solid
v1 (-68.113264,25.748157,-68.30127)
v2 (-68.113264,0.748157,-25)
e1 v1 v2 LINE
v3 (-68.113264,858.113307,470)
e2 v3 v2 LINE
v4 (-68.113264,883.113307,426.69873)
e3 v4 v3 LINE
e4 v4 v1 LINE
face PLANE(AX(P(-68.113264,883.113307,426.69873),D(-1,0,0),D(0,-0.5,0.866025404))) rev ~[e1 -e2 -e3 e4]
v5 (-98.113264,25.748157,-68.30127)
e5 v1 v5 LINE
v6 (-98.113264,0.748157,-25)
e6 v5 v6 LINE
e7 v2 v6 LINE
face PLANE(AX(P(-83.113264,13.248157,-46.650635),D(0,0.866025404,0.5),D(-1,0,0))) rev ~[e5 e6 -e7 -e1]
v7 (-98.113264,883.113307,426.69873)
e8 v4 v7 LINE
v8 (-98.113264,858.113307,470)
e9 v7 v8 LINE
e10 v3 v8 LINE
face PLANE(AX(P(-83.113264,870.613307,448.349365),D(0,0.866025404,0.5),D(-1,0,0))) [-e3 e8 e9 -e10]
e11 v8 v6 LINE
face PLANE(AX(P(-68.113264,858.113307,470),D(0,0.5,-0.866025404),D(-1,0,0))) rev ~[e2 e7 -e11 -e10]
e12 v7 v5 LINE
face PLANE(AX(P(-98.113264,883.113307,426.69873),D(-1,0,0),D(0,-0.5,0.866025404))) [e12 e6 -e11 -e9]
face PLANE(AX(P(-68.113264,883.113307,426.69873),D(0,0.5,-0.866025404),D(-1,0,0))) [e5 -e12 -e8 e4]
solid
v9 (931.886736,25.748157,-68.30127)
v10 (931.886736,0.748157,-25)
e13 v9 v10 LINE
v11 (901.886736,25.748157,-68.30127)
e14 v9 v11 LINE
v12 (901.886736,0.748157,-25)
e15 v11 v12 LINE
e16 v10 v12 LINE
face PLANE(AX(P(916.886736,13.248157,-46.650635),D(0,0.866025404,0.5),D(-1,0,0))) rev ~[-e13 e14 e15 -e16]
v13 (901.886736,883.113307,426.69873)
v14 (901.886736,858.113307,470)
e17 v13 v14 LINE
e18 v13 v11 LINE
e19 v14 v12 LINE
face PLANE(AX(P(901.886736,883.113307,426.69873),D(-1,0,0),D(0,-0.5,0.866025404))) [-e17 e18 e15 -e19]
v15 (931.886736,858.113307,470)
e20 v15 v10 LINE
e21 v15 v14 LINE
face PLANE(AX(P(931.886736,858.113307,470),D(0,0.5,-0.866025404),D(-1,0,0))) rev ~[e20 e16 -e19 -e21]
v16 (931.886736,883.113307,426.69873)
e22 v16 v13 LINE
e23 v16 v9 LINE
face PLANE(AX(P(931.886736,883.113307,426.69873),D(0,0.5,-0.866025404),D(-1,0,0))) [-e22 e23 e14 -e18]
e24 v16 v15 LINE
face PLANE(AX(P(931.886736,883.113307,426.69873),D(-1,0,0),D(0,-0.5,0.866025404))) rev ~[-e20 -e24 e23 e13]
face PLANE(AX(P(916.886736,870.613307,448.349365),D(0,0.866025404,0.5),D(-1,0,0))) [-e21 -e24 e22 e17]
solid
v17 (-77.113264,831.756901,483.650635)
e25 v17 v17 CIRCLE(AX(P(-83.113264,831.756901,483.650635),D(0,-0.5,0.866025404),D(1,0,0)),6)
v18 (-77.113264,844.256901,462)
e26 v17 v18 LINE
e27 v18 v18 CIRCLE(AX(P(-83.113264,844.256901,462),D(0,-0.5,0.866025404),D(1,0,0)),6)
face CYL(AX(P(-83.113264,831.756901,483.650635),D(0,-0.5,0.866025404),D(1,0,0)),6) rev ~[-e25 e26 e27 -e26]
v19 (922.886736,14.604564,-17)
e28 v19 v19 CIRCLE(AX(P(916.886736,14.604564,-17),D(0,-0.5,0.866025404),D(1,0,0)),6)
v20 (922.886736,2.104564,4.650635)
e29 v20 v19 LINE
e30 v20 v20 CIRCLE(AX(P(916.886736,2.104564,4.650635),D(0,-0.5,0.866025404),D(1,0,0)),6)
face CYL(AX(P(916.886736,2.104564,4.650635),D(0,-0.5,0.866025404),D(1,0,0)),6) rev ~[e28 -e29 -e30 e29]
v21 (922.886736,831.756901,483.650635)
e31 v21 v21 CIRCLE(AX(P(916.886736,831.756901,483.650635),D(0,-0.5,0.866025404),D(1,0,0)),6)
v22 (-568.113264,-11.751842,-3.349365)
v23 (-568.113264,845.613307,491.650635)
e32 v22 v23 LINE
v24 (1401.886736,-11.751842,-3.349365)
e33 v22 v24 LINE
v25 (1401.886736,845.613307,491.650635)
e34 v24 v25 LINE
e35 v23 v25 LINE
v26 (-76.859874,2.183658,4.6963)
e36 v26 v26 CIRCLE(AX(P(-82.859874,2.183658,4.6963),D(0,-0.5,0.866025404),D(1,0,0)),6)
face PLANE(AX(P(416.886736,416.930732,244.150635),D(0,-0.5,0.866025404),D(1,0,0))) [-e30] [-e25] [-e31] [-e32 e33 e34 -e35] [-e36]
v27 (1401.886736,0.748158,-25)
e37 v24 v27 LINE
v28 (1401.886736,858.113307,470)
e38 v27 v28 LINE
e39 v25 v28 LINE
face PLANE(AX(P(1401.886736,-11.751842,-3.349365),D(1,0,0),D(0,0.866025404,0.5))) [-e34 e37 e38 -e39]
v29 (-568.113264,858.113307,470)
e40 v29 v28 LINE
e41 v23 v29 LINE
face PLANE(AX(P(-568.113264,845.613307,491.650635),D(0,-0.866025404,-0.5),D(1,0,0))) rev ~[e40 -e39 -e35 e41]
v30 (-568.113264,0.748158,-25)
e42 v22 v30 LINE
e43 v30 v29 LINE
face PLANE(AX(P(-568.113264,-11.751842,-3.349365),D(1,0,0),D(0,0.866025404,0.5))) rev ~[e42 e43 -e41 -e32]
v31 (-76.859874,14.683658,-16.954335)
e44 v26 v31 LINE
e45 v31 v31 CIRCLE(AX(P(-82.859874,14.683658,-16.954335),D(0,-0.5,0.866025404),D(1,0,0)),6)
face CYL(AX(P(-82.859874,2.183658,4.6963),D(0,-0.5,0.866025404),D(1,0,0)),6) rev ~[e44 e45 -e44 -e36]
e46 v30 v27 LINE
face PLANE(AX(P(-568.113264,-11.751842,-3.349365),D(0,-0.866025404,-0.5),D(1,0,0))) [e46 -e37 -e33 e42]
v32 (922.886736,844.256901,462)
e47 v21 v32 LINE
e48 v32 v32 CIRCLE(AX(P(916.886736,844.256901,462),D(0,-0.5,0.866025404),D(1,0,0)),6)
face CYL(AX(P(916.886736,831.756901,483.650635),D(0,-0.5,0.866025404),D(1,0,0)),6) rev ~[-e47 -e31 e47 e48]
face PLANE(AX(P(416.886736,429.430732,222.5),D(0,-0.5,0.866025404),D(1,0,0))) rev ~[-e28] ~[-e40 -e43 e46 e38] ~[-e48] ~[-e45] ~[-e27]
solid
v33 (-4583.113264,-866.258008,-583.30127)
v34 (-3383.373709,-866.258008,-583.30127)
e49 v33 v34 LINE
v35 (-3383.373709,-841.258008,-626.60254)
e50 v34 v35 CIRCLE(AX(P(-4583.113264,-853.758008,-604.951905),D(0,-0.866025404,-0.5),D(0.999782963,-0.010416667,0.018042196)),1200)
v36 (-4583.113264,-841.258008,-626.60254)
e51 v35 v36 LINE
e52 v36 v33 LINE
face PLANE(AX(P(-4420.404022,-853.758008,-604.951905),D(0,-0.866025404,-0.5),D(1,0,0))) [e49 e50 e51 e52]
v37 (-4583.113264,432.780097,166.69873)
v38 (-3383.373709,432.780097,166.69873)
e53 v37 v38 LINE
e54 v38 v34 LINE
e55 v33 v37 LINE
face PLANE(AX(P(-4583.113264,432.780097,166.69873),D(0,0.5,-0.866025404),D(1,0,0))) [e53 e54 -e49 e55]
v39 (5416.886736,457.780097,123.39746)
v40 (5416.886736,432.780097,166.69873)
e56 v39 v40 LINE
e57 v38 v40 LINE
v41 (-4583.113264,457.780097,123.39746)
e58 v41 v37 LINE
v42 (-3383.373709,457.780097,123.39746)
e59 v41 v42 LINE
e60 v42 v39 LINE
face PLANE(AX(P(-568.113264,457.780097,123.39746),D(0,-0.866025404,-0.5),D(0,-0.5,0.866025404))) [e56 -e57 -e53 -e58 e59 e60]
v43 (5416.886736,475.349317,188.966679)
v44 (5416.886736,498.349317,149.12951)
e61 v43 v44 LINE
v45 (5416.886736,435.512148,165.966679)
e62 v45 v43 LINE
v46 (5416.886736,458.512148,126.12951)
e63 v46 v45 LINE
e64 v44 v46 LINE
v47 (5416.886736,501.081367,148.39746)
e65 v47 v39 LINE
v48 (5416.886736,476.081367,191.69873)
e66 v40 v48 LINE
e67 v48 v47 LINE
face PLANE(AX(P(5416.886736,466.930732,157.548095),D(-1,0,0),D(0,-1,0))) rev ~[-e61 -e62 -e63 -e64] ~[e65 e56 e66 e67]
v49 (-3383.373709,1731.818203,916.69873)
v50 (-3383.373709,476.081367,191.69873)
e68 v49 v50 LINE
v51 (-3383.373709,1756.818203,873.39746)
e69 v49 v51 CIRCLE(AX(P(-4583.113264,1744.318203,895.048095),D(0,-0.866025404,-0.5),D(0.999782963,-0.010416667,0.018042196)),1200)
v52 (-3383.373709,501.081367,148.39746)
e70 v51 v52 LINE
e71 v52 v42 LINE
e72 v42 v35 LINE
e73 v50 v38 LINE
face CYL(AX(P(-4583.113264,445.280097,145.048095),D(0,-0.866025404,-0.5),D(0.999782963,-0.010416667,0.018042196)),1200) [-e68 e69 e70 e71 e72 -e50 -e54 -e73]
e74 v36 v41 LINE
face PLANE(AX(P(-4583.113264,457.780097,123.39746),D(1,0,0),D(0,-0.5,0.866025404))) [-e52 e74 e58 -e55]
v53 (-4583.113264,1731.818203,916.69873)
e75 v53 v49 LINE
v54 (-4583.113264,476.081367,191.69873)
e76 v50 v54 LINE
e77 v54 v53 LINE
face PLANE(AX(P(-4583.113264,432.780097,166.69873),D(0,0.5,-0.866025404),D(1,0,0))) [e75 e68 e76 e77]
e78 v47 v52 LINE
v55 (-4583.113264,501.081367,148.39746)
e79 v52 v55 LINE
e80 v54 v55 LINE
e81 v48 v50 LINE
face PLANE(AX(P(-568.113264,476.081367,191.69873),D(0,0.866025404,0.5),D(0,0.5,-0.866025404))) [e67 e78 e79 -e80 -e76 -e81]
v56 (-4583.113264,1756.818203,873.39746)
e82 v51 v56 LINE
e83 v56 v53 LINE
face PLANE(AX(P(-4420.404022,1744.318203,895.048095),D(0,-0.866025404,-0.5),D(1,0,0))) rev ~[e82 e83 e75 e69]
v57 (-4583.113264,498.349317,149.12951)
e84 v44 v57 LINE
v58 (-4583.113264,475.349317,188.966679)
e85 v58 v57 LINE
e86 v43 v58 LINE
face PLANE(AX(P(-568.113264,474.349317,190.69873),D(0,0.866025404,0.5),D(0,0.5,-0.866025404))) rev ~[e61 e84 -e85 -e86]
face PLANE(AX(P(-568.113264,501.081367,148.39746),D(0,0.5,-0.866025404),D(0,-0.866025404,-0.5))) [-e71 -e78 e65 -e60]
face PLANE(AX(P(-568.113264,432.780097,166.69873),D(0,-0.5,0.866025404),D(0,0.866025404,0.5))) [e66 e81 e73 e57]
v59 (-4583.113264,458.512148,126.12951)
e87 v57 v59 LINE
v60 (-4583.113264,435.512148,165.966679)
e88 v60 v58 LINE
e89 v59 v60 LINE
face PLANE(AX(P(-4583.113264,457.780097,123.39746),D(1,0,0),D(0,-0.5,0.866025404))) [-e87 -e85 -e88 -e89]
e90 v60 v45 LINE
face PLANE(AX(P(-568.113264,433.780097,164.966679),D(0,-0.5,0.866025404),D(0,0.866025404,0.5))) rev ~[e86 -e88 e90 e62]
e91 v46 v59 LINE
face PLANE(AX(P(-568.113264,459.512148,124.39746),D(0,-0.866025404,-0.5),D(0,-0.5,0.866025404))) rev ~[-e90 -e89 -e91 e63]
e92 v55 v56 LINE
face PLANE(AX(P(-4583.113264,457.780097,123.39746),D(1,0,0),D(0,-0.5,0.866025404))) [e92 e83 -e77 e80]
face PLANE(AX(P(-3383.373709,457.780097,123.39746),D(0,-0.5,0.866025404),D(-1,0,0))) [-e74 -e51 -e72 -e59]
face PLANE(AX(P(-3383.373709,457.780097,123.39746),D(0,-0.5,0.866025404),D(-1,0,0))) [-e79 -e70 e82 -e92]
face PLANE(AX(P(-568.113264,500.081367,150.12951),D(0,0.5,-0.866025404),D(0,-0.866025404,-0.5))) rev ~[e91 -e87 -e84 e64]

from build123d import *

# Parameters (mm, degrees)
F0_W          = 1970
F0_H          = 990
F0_R          = 6
F1_DEPTH      = 25
F2_ANGLE      = 30
F3_W          = 30
F3_H          = 50
F4_DEPTH      = 990
F6_DEPTH      = 4015
F6_DEPTH_BACK = 5985
F7_T          = -2
F9_DEPTH      = 1500


with BuildPart() as f1:
    # F0 (on Top) → F1 (new body)
    with BuildSketch(Plane.XY):
        with Locations((416.8867363036, 495.7481575012)):
            Rectangle(F0_W, F0_H)
        with Locations((-82.8598737717, 16.8394874781)):
            Circle(F0_R, mode=Mode.SUBTRACT)
        with Locations((916.8867363036, 16.7481575012)):
            Circle(F0_R, mode=Mode.SUBTRACT)
        with Locations((-83.1132636964, 974.7481575012)):
            Circle(F0_R, mode=Mode.SUBTRACT)
        with Locations((916.8867363036, 974.7481575012)):
            Circle(F0_R, mode=Mode.SUBTRACT)
    extrude(amount=-F1_DEPTH)


with BuildPart() as f1_1:
    # F2: moved
    add(f1.part.rotate(Axis((416.8867363036, 0.7481575012, -25), (1, 0, 0)), F2_ANGLE))


with BuildPart() as f4:
    # F3 (on face) → F4 (new body)
    with BuildSketch(Plane(origin=(0, 847.1009503252, 489.073961701), x_dir=(-1, 0, 0), z_dir=(0, 0.8660254038, 0.5))):
        with Locations((83.1132636964, -47.0247138452)):
            Rectangle(F3_W, F3_H)
    extrude(amount=-F4_DEPTH)


with BuildPart() as f4b:
    # F3 (on face) → F4, piece 2 (new body)
    with BuildSketch(Plane(origin=(0, 847.1009503252, 489.073961701), x_dir=(-1, 0, 0), z_dir=(0, 0.8660254038, 0.5))):
        with Locations((-916.8867363036, -47.0247138452)):
            Rectangle(F3_W, F3_H)
    extrude(amount=-F4_DEPTH)


with BuildPart() as f6:
    # F5 (on face) → F6 (new body, two sides)
    with BuildSketch(Plane(origin=(-568.1132636964, 0, 0), x_dir=(0, -1, 0), z_dir=(-1, 0, 0))) as f6_sk:
        Polygon((-432.7800972799, 166.6987298108), (-454.4307323745, 179.1987298108), (-476.0813674691, 191.6987298108), (-501.0813674691, 148.3974596216), (-457.7800972799, 123.3974596216), align=None)
    extrude(amount=F6_DEPTH)
    extrude(f6_sk.sketch, amount=-F6_DEPTH_BACK)

    # F7
    f7_openings = [f6.faces().sort_by_distance(p)[0] for p in [
        (-4583.113264, 466.930732, 157.548095),
        (5416.886736, 466.930732, 157.548095),
    ]]
    offset(amount=F7_T, openings=f7_openings)

    # F8 (on face) → F9 (join, symmetric)
    with BuildSketch(Plane(origin=(0, 396.7677403573, 229.073961701), x_dir=(1, 0, 0), z_dir=(0, -0.8660254038, -0.5))):
        with BuildLine():
            Line((-4583.1132636964, -72.0247138452), (-3383.3737086263, -72.0247138452))
            ThreePointArc((-3383.3737086262, -72.0247138452), (-5783.1132636964, -97.0247138452), (-3383.3737086262, -122.0247138453))
            Line((-3383.3737086263, -122.0247138452), (-4583.1132636964, -122.0247138452))
            Line((-4583.1132636964, -122.0247138452), (-4583.1132636964, -72.0247138452))
        make_face()
    extrude(amount=F9_DEPTH, both=True)


solid = Compound([f1_1.part, f4.part, f4b.part, f6.part])
